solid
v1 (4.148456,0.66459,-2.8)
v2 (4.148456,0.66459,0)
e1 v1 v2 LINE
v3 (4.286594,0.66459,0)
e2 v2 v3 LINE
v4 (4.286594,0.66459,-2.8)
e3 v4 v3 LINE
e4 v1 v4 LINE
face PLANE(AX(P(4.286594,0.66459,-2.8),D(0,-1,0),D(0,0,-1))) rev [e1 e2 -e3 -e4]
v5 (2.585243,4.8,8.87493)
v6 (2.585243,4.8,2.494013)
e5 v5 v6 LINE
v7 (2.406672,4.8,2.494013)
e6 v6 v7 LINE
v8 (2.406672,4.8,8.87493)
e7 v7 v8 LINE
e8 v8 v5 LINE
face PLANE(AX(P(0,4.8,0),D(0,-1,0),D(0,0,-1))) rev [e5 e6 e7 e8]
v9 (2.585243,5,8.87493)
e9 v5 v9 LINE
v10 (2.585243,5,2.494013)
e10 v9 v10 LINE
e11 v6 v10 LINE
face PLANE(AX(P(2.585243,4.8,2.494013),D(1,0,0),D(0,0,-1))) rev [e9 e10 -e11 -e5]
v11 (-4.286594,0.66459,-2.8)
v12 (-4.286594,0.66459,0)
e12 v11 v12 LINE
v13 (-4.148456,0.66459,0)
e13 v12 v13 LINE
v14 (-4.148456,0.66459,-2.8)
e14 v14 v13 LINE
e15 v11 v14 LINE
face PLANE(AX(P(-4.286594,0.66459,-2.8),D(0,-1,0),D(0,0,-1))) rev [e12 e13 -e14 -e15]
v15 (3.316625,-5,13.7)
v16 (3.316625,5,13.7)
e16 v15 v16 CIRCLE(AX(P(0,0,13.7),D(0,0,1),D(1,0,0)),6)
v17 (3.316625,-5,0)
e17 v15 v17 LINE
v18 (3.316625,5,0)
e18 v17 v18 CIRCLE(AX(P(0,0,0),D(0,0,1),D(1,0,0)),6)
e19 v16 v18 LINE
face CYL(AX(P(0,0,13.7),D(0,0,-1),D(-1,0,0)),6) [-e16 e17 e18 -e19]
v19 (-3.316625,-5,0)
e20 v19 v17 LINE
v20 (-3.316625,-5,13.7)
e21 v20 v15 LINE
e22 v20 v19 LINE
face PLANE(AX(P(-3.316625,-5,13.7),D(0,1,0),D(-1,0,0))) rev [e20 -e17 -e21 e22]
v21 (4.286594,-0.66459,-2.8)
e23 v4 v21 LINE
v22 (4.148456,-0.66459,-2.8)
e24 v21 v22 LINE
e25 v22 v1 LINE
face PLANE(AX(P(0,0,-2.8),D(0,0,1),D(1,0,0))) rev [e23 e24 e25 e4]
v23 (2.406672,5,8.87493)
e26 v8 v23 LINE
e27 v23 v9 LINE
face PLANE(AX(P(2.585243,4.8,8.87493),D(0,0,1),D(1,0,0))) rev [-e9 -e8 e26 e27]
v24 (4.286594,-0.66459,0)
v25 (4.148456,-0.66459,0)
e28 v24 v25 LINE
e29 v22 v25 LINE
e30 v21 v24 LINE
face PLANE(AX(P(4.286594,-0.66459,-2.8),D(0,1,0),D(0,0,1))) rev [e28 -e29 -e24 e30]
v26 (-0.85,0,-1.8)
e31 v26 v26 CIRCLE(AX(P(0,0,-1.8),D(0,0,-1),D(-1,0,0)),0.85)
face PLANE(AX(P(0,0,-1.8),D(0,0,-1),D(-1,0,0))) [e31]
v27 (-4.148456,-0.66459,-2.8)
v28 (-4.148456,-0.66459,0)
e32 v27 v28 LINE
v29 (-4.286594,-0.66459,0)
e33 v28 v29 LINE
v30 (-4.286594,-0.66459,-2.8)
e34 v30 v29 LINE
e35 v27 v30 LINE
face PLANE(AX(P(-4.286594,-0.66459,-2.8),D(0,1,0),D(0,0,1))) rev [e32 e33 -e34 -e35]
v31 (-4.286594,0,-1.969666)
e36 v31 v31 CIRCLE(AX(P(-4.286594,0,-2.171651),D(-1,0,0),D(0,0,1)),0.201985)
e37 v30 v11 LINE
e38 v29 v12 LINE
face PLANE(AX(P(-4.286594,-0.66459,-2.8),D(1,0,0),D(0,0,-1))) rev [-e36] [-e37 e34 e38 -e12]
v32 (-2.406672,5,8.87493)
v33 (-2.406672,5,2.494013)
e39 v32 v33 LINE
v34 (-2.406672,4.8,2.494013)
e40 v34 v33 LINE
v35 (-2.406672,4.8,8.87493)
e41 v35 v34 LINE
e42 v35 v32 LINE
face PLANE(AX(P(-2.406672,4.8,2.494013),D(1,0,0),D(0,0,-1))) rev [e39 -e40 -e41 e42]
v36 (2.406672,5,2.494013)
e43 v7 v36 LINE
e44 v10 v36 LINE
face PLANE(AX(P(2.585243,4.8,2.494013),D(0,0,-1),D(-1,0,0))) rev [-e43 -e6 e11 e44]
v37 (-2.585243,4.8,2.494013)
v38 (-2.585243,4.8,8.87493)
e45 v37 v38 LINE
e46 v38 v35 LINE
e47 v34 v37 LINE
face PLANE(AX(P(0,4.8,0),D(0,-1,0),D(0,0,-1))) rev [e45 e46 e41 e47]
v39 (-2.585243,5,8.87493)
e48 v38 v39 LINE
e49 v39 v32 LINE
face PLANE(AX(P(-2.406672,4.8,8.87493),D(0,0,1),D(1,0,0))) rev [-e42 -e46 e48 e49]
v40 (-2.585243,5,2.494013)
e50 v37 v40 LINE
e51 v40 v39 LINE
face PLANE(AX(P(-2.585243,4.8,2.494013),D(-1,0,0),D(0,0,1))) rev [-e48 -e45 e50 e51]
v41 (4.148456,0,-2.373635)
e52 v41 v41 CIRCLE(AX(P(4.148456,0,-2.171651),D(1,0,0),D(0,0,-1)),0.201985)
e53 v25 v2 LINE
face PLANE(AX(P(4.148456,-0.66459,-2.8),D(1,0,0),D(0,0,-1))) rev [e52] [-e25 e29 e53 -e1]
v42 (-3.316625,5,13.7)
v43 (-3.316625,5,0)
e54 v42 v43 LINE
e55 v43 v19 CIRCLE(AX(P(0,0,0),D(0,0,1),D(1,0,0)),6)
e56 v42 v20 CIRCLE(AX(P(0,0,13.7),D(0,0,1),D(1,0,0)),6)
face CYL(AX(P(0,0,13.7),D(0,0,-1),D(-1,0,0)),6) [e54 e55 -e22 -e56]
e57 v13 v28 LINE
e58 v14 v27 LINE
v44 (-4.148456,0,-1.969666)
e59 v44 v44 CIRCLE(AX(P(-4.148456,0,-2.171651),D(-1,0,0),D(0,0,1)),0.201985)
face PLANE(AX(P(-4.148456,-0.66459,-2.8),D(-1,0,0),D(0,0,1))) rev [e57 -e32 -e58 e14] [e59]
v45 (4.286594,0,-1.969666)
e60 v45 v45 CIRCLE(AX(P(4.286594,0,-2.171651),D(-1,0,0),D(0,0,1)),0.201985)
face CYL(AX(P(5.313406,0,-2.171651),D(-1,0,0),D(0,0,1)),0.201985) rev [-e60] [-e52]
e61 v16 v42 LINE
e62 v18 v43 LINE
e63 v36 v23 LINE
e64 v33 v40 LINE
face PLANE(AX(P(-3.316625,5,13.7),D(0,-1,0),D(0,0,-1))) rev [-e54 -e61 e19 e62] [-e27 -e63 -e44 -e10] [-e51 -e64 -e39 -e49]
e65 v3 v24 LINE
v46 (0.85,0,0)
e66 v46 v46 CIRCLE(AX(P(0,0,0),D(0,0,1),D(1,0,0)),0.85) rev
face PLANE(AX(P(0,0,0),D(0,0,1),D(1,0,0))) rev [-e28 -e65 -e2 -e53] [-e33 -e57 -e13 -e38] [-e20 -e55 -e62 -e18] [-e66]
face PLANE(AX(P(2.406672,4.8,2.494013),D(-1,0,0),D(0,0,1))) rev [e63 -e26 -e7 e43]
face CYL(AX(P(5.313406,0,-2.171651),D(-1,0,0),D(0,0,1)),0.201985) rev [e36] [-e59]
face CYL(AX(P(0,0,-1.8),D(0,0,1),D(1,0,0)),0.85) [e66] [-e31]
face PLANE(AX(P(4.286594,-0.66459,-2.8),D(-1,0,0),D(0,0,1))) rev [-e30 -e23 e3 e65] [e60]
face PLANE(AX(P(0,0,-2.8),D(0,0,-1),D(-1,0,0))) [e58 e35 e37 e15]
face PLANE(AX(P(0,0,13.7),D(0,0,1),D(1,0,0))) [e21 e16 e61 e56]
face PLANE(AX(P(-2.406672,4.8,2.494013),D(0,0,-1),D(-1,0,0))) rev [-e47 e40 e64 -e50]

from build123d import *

# Parameters (mm, degrees)
BOSS_EXTRUDE1_DEPTH = 13.7
SKETCH3_W           = 0.178571672
SKETCH3_H           = 6.380917094
CUT_EXTRUDE1_DEPTH  = 0.2
SKETCH4_R           = 0.85
BOSS_EXTRUDE3_DEPTH = 1.8
SKETCH5_W           = 0.138137893
SKETCH5_H           = 1.329179466
BOSS_EXTRUDE4_DEPTH = 2.8
SKETCH6_R           = 0.20198457
CUT_EXTRUDE2_DEPTH  = 9.6


with BuildPart() as part:
    # Sketch1 → Boss-Extrude1 (new body)
    with BuildSketch(Plane.XY):
        with BuildLine():
            Line((-3.31662479, -5), (3.31662479, -5))
            ThreePointArc((3.31662479, -5), (6, 0), (3.31662479, 5))
            Line((3.31662479, 5), (-3.31662479, 5))
            ThreePointArc((-3.31662479, 5), (-6, 0), (-3.31662479, -5))
        make_face()
    extrude(amount=BOSS_EXTRUDE1_DEPTH)

    # Sketch3 → Cut-Extrude1 (cut)
    with BuildSketch(Plane(origin=(0, 5, 0), x_dir=(1, 0, 0), z_dir=(0, 1, 0))):
        with Locations((-2.495957535, -5.684471075)):
            Rectangle(SKETCH3_W, SKETCH3_H)
        with Locations((2.495957535, -5.684471075)):
            Rectangle(SKETCH3_W, SKETCH3_H)
    extrude(amount=-CUT_EXTRUDE1_DEPTH, mode=Mode.SUBTRACT)

    # Sketch4 → Boss-Extrude3 (add)
    with BuildSketch(Plane(origin=(0, 0, 0), x_dir=(-1, 0, 0), z_dir=(0, 0, -1))):
        with Locations(Location((0, 0, 0), (0, 0, 180))):
            Circle(SKETCH4_R)
    extrude(amount=BOSS_EXTRUDE3_DEPTH)

    # Sketch5 → Boss-Extrude4 (add)
    with BuildSketch(Plane(origin=(0, 0, 0), x_dir=(-1, 0, 0), z_dir=(0, 0, -1))):
        with Locations((-4.217525365, 0)):
            Rectangle(SKETCH5_W, SKETCH5_H)
        with Locations((4.217525365, 0)):
            Rectangle(SKETCH5_W, SKETCH5_H)
    extrude(amount=BOSS_EXTRUDE4_DEPTH)

    # Sketch6 → Cut-Extrude2 (cut)
    with BuildSketch(Plane.ZY.offset(4.286594311)):
        with Locations((-2.171650698, 0)):
            Circle(SKETCH6_R)
    extrude(amount=-CUT_EXTRUDE2_DEPTH, mode=Mode.SUBTRACT)


solid = part.part
